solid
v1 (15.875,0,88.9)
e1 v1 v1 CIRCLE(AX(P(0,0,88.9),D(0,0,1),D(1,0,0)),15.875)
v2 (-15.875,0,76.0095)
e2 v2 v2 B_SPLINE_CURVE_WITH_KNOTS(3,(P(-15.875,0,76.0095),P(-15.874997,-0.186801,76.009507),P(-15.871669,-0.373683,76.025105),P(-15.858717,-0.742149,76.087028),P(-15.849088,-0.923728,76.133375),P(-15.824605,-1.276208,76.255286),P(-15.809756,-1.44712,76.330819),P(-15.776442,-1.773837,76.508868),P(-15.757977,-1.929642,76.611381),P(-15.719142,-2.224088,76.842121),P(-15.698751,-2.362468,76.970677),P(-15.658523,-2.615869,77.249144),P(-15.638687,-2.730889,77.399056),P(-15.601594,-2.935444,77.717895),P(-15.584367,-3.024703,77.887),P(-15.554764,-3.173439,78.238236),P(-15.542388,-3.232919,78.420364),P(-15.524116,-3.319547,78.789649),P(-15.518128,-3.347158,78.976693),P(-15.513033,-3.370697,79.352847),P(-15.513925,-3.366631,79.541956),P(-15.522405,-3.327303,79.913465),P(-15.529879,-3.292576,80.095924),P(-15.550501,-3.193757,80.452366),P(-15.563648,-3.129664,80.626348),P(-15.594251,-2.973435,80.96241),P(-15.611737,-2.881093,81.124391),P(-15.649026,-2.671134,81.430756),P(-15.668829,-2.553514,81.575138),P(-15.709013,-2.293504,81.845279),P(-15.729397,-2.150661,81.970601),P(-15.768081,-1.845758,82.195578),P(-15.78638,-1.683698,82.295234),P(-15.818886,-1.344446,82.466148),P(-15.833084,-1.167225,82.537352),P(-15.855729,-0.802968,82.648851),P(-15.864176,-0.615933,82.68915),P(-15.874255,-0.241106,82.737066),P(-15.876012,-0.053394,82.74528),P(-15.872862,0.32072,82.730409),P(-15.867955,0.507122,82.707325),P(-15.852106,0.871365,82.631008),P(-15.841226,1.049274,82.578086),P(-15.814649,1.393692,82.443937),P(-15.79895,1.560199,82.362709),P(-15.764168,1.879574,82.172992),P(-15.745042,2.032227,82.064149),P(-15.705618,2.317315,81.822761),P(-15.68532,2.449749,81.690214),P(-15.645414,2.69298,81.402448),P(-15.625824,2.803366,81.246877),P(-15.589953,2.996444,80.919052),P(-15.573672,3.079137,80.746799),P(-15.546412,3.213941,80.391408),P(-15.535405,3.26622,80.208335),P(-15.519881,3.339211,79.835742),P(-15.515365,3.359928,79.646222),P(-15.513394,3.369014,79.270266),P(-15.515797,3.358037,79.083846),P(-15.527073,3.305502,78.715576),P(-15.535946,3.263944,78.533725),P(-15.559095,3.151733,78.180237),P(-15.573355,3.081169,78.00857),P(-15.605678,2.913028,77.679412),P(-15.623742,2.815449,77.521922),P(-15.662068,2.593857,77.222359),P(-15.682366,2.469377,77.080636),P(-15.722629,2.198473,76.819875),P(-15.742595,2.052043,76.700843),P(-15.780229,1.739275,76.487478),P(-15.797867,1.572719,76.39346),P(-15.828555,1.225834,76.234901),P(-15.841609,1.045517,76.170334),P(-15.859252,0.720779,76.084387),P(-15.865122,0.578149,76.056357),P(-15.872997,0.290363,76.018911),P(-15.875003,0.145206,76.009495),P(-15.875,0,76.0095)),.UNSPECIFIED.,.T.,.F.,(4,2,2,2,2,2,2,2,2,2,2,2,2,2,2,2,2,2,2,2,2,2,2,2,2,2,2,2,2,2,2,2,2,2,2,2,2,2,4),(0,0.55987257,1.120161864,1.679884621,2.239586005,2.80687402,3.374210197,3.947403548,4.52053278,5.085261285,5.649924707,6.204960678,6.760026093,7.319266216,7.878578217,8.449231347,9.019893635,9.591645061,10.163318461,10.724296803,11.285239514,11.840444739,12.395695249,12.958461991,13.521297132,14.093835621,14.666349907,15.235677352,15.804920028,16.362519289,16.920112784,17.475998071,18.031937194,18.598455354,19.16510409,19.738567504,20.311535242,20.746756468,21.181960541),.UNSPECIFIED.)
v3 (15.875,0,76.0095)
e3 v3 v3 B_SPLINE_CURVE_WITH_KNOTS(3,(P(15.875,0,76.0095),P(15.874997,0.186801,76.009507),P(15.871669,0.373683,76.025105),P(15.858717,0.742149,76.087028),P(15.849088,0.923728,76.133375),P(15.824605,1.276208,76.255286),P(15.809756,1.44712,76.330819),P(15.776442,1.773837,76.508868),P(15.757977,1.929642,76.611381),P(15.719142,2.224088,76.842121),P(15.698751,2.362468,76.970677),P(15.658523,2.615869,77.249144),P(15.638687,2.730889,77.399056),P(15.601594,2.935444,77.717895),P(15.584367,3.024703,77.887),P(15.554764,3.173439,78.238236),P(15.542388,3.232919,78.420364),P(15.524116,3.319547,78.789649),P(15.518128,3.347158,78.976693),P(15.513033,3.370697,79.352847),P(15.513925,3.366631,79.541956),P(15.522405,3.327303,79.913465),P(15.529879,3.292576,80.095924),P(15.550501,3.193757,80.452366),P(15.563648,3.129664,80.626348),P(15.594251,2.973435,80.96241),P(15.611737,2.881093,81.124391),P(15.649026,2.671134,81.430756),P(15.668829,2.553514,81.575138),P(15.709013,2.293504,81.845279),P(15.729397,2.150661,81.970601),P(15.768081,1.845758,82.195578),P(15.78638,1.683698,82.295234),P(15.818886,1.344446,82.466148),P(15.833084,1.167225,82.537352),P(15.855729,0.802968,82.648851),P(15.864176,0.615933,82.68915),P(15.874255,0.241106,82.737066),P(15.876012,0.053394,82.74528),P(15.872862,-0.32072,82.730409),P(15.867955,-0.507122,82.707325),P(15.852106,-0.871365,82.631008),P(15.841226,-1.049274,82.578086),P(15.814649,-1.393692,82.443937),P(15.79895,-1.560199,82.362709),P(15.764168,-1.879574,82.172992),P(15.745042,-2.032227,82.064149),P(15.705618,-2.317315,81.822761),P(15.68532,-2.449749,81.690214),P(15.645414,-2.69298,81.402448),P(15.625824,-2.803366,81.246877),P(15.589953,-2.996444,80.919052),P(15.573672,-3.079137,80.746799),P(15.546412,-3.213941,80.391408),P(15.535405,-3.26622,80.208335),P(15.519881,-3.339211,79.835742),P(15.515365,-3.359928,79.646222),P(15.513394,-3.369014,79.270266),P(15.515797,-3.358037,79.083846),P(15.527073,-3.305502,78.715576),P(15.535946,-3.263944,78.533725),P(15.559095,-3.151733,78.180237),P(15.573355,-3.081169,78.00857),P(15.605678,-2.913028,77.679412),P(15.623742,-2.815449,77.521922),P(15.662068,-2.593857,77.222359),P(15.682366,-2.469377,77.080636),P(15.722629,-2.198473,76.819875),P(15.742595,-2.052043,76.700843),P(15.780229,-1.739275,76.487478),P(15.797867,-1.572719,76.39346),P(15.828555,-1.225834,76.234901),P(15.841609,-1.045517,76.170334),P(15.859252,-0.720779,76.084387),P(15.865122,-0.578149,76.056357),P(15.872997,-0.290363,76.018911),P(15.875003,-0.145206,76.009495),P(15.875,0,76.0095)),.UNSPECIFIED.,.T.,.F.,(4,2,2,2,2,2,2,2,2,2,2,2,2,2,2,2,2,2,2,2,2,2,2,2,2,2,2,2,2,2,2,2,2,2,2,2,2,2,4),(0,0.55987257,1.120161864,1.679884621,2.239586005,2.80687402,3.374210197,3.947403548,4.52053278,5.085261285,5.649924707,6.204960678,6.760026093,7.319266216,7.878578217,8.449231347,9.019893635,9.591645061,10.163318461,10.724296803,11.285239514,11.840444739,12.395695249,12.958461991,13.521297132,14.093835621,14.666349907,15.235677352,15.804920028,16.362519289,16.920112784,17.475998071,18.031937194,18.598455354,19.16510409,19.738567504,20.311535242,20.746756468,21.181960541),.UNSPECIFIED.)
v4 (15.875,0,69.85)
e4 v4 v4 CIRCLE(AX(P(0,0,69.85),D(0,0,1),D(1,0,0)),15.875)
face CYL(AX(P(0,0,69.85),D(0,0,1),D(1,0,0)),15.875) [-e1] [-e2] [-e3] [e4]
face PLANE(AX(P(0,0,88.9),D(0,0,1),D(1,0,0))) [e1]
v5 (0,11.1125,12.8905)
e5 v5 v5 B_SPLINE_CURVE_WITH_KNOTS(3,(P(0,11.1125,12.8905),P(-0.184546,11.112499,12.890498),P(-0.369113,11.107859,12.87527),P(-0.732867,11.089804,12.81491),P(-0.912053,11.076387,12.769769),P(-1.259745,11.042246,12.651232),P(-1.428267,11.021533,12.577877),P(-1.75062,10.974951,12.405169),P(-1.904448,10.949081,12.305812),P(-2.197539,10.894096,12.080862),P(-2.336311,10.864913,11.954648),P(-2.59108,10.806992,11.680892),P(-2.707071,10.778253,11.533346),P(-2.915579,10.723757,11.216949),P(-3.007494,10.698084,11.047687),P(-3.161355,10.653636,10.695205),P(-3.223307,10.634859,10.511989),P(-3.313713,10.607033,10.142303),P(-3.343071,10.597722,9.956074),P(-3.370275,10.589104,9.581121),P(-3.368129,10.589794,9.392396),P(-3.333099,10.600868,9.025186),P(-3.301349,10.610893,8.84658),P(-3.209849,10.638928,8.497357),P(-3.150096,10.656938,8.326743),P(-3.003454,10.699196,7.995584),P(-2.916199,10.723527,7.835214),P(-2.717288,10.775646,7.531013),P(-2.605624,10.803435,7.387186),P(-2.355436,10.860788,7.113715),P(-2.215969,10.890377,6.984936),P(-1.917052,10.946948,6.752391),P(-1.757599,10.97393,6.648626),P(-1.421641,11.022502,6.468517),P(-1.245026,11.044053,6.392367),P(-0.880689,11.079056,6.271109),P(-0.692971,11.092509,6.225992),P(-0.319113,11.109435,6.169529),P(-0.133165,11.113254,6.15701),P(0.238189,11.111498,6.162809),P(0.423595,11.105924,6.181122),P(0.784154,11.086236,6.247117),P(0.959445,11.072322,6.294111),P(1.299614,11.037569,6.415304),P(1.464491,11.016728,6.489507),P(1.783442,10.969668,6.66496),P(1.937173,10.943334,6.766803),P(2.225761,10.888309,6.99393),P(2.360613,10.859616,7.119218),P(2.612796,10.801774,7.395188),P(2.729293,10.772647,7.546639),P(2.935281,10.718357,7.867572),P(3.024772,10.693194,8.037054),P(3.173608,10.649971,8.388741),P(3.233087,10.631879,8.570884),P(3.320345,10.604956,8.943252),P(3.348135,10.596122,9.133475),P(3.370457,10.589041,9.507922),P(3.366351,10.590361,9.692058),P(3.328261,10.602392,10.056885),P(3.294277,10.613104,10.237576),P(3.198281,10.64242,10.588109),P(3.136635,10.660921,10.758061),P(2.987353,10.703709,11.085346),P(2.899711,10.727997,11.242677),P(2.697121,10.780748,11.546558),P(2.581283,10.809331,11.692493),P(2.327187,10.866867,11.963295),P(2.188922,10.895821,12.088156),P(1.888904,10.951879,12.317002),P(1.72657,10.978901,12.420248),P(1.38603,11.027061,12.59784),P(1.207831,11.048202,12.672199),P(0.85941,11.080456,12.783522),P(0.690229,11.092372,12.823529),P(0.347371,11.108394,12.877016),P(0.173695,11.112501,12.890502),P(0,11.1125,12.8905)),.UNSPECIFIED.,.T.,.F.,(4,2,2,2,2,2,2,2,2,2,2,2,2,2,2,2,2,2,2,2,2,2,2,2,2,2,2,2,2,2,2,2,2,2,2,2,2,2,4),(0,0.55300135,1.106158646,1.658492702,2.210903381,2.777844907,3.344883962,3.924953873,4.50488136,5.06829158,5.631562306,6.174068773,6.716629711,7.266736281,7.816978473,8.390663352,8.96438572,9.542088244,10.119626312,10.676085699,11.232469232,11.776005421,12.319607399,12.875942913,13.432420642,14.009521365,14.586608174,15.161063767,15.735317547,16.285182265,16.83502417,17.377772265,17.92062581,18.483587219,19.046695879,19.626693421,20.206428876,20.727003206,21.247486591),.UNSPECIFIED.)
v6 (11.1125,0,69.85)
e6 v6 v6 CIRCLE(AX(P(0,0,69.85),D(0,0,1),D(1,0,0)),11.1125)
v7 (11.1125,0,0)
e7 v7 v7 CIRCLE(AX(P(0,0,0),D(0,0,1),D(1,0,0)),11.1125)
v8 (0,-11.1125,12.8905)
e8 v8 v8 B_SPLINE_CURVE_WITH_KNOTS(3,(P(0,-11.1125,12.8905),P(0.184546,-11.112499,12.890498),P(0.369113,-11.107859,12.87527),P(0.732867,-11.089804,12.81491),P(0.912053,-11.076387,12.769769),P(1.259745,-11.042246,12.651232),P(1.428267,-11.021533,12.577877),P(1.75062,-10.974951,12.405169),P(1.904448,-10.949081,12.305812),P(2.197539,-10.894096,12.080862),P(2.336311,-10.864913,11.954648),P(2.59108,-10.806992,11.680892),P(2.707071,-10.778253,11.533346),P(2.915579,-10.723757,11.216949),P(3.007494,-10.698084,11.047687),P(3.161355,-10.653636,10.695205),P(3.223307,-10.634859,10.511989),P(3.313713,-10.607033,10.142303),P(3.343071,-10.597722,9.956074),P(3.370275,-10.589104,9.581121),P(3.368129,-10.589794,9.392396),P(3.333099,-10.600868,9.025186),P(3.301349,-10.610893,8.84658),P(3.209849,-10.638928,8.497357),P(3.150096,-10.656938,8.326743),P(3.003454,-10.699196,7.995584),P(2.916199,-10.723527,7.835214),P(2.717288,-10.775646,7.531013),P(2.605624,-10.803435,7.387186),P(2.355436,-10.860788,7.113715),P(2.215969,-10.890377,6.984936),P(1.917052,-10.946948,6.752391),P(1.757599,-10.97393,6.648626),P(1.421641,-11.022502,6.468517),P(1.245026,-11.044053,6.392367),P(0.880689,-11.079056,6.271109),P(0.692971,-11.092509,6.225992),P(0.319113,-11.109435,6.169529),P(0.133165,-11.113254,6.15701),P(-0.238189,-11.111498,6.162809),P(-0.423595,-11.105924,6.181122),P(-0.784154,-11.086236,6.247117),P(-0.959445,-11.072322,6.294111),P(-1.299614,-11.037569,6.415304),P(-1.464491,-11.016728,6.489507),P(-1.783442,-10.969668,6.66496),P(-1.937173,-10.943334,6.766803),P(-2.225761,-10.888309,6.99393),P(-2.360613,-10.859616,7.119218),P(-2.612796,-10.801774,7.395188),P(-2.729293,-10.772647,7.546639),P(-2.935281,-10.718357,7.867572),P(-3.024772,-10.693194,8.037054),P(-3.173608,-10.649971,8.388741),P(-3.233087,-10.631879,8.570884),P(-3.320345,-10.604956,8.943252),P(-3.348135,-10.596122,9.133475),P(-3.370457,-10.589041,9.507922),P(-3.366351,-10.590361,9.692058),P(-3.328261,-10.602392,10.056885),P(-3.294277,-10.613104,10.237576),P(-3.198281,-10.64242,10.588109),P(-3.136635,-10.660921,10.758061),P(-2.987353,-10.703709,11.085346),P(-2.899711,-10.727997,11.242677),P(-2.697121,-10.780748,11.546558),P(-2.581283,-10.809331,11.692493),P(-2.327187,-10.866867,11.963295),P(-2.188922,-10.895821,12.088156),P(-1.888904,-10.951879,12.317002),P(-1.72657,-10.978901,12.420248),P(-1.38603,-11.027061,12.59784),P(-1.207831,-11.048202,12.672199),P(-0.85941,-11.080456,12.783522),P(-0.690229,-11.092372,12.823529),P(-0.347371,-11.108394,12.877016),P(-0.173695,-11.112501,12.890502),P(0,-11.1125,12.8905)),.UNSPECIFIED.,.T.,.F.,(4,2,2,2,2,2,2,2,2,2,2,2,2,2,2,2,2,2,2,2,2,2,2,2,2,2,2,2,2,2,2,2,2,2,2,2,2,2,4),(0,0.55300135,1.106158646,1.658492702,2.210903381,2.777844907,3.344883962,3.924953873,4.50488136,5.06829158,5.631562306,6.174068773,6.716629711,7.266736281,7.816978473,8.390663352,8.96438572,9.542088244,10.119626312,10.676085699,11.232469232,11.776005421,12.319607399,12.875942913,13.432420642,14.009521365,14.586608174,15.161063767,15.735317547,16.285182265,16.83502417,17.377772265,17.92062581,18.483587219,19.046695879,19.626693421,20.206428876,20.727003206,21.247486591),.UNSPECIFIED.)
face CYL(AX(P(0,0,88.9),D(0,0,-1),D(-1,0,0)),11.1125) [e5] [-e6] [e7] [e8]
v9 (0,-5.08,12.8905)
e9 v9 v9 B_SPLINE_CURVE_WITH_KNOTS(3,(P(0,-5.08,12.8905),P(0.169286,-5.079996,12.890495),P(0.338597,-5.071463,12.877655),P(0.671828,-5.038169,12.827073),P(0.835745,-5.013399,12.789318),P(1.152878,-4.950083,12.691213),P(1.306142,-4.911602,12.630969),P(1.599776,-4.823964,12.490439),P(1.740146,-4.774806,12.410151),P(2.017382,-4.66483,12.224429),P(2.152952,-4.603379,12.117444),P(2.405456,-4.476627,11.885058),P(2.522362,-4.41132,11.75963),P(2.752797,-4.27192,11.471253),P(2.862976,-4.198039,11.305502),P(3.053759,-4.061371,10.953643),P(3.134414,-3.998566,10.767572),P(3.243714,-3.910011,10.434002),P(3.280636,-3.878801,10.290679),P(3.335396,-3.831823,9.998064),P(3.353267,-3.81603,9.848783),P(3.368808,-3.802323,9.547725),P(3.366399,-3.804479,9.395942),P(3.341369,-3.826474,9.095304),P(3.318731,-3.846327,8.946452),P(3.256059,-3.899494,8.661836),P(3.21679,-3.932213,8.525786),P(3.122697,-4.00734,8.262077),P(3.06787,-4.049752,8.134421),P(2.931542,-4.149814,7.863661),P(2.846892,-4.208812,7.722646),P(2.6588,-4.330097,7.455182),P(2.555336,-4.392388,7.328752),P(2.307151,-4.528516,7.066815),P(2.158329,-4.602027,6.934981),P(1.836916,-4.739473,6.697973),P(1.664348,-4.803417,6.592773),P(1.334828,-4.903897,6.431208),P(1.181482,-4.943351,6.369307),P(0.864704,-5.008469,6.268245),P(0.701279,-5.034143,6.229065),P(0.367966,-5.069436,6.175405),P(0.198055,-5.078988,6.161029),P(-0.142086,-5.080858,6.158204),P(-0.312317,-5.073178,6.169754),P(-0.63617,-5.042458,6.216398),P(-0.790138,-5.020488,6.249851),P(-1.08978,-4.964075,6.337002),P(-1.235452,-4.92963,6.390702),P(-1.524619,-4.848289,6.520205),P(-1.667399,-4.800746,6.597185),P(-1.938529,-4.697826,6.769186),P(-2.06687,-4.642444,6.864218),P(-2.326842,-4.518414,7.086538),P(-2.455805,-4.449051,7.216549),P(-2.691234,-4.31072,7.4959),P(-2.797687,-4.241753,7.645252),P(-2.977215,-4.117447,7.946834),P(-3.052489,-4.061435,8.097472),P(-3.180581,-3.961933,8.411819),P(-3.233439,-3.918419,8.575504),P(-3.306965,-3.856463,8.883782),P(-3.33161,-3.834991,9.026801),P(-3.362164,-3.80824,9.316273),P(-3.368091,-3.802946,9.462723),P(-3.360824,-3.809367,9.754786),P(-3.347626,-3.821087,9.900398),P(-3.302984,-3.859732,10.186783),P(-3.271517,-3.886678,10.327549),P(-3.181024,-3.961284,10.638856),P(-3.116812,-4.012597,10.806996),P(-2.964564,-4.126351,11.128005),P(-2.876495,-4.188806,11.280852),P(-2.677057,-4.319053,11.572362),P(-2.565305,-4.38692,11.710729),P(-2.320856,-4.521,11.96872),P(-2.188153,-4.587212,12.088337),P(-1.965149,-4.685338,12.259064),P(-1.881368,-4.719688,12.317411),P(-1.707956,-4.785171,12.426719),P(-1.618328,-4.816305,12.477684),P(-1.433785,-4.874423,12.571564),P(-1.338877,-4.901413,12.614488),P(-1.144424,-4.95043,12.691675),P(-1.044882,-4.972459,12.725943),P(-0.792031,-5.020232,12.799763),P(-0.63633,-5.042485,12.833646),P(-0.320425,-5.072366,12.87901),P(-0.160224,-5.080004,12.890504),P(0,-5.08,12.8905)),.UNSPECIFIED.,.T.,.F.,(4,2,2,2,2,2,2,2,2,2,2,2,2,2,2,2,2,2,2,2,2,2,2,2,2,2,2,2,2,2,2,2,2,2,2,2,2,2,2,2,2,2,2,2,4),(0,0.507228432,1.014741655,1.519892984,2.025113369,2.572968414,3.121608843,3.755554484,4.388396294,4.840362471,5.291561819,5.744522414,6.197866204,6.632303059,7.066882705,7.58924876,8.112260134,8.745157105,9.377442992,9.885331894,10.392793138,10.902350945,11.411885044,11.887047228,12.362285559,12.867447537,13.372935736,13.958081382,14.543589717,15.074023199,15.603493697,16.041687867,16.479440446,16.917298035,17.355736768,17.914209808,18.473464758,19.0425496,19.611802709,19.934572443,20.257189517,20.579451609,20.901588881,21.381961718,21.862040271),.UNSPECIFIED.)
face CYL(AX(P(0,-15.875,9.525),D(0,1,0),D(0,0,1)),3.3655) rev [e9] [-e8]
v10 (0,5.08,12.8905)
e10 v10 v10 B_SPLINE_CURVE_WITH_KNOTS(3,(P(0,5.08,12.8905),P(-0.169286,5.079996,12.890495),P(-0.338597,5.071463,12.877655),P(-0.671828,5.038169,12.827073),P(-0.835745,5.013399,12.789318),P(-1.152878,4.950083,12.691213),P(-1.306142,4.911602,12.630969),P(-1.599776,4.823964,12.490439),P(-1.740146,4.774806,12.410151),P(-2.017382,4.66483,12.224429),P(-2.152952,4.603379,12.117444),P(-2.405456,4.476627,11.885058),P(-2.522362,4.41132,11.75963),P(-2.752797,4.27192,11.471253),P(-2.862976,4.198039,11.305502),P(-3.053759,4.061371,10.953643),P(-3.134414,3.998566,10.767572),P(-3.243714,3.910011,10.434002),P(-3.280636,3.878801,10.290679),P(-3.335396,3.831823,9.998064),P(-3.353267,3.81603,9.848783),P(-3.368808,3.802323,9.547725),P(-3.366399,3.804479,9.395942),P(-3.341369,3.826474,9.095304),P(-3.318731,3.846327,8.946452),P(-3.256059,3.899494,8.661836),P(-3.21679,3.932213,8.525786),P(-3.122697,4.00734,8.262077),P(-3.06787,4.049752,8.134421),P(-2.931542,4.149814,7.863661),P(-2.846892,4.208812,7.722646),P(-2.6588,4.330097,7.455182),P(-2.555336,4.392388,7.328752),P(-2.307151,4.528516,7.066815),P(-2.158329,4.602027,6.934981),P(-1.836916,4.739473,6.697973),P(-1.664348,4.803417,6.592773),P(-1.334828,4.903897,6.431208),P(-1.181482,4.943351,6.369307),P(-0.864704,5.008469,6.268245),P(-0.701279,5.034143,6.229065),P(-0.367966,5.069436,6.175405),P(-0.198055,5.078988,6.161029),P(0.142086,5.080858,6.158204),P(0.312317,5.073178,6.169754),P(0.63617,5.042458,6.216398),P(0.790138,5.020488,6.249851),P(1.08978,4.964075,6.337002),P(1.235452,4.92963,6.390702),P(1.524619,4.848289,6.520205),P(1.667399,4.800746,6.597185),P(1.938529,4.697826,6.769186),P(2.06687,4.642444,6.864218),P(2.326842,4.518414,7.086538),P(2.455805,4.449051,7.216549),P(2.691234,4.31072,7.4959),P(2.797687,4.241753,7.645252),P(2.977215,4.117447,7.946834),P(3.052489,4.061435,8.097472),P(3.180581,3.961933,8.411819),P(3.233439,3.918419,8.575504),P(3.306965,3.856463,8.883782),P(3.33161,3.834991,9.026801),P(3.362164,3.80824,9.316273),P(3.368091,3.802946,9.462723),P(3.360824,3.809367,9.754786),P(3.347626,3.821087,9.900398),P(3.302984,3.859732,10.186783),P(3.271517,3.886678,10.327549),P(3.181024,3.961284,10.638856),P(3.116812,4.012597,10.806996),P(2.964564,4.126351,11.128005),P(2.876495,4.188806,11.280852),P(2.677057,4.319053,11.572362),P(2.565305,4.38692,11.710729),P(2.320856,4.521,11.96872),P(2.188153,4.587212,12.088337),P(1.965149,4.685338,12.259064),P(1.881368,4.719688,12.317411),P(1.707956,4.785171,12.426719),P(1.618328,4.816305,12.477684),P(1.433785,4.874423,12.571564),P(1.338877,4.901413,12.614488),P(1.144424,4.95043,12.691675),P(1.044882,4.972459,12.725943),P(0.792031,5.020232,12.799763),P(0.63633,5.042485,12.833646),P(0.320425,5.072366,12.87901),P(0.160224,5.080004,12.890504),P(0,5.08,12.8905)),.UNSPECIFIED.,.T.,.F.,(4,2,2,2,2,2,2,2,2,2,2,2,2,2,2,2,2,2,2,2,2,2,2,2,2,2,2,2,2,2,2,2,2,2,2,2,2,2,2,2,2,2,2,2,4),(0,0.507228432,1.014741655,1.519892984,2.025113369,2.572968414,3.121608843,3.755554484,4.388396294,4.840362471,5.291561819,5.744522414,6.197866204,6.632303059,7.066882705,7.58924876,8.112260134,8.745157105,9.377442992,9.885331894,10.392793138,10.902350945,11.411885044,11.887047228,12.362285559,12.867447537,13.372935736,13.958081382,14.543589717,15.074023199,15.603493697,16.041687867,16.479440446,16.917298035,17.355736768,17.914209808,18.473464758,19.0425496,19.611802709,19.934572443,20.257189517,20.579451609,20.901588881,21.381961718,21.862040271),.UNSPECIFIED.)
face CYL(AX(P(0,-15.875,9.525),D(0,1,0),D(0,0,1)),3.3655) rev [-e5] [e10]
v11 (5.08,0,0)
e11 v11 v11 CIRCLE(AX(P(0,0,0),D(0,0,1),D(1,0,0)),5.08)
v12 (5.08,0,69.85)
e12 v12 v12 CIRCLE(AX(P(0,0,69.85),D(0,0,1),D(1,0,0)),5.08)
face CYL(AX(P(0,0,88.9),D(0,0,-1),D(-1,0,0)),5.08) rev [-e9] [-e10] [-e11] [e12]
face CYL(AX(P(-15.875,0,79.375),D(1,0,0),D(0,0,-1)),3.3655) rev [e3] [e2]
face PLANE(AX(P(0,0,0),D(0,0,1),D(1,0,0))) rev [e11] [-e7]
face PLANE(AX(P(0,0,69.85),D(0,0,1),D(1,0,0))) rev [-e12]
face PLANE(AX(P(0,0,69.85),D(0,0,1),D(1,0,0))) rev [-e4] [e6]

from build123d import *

# Parameters (mm, degrees)
SKETCH1_R               = 11.1125
SKETCH1_R_2             = 5.08
BOSS_EXTRUDE1_DEPTH     = 88.9
SKETCH4_R               = 15.875
BOSS_EXTRUDE2_DEPTH     = 19.05
CUT_EXTRUDE1_DEPTH      = 92.691009647
CUT_EXTRUDE1_DEPTH_BACK = 92.691009647
SKETCH5_R               = 3.3655
CUT_EXTRUDE2_DEPTH      = 92.691009778
CUT_EXTRUDE2_DEPTH_BACK = 92.691009778
SKETCH7_R               = 3.3655


with BuildPart() as part:
    # Sketch1 → Boss-Extrude1 (new body)
    with BuildSketch(Plane.XY):
        Circle(SKETCH1_R)
        Circle(SKETCH1_R_2, mode=Mode.SUBTRACT)
    extrude(amount=BOSS_EXTRUDE1_DEPTH)

    # Sketch4 → Boss-Extrude2 (add)
    with BuildSketch(Plane.XY.offset(88.9)):
        Circle(SKETCH4_R)
    extrude(amount=-BOSS_EXTRUDE2_DEPTH)

    # Sketch5 → Cut-Extrude1 (cut, two sides: drawn at the far end of the back side and taken through both)
    with BuildSketch(Plane(origin=(0, 0, 0), x_dir=(0, 0, -1), z_dir=(1, 0, 0)).offset(-CUT_EXTRUDE1_DEPTH_BACK)):
        with Locations((-79.375, 0)):
            Circle(SKETCH5_R)
    extrude(amount=CUT_EXTRUDE1_DEPTH + CUT_EXTRUDE1_DEPTH_BACK, mode=Mode.SUBTRACT)

    # Sketch7 → Cut-Extrude2 (cut, two sides: drawn at the far end of the back side and taken through both)
    with BuildSketch(Plane(origin=(0, 0, 0), x_dir=(1, 0, 0), z_dir=(0, 1, 0)).offset(-CUT_EXTRUDE2_DEPTH_BACK)):
        with Locations(Location((0, -9.525, 0), (0, 0, 270))):
            Circle(SKETCH7_R)
    extrude(amount=CUT_EXTRUDE2_DEPTH + CUT_EXTRUDE2_DEPTH_BACK, mode=Mode.SUBTRACT)


solid = part.part
